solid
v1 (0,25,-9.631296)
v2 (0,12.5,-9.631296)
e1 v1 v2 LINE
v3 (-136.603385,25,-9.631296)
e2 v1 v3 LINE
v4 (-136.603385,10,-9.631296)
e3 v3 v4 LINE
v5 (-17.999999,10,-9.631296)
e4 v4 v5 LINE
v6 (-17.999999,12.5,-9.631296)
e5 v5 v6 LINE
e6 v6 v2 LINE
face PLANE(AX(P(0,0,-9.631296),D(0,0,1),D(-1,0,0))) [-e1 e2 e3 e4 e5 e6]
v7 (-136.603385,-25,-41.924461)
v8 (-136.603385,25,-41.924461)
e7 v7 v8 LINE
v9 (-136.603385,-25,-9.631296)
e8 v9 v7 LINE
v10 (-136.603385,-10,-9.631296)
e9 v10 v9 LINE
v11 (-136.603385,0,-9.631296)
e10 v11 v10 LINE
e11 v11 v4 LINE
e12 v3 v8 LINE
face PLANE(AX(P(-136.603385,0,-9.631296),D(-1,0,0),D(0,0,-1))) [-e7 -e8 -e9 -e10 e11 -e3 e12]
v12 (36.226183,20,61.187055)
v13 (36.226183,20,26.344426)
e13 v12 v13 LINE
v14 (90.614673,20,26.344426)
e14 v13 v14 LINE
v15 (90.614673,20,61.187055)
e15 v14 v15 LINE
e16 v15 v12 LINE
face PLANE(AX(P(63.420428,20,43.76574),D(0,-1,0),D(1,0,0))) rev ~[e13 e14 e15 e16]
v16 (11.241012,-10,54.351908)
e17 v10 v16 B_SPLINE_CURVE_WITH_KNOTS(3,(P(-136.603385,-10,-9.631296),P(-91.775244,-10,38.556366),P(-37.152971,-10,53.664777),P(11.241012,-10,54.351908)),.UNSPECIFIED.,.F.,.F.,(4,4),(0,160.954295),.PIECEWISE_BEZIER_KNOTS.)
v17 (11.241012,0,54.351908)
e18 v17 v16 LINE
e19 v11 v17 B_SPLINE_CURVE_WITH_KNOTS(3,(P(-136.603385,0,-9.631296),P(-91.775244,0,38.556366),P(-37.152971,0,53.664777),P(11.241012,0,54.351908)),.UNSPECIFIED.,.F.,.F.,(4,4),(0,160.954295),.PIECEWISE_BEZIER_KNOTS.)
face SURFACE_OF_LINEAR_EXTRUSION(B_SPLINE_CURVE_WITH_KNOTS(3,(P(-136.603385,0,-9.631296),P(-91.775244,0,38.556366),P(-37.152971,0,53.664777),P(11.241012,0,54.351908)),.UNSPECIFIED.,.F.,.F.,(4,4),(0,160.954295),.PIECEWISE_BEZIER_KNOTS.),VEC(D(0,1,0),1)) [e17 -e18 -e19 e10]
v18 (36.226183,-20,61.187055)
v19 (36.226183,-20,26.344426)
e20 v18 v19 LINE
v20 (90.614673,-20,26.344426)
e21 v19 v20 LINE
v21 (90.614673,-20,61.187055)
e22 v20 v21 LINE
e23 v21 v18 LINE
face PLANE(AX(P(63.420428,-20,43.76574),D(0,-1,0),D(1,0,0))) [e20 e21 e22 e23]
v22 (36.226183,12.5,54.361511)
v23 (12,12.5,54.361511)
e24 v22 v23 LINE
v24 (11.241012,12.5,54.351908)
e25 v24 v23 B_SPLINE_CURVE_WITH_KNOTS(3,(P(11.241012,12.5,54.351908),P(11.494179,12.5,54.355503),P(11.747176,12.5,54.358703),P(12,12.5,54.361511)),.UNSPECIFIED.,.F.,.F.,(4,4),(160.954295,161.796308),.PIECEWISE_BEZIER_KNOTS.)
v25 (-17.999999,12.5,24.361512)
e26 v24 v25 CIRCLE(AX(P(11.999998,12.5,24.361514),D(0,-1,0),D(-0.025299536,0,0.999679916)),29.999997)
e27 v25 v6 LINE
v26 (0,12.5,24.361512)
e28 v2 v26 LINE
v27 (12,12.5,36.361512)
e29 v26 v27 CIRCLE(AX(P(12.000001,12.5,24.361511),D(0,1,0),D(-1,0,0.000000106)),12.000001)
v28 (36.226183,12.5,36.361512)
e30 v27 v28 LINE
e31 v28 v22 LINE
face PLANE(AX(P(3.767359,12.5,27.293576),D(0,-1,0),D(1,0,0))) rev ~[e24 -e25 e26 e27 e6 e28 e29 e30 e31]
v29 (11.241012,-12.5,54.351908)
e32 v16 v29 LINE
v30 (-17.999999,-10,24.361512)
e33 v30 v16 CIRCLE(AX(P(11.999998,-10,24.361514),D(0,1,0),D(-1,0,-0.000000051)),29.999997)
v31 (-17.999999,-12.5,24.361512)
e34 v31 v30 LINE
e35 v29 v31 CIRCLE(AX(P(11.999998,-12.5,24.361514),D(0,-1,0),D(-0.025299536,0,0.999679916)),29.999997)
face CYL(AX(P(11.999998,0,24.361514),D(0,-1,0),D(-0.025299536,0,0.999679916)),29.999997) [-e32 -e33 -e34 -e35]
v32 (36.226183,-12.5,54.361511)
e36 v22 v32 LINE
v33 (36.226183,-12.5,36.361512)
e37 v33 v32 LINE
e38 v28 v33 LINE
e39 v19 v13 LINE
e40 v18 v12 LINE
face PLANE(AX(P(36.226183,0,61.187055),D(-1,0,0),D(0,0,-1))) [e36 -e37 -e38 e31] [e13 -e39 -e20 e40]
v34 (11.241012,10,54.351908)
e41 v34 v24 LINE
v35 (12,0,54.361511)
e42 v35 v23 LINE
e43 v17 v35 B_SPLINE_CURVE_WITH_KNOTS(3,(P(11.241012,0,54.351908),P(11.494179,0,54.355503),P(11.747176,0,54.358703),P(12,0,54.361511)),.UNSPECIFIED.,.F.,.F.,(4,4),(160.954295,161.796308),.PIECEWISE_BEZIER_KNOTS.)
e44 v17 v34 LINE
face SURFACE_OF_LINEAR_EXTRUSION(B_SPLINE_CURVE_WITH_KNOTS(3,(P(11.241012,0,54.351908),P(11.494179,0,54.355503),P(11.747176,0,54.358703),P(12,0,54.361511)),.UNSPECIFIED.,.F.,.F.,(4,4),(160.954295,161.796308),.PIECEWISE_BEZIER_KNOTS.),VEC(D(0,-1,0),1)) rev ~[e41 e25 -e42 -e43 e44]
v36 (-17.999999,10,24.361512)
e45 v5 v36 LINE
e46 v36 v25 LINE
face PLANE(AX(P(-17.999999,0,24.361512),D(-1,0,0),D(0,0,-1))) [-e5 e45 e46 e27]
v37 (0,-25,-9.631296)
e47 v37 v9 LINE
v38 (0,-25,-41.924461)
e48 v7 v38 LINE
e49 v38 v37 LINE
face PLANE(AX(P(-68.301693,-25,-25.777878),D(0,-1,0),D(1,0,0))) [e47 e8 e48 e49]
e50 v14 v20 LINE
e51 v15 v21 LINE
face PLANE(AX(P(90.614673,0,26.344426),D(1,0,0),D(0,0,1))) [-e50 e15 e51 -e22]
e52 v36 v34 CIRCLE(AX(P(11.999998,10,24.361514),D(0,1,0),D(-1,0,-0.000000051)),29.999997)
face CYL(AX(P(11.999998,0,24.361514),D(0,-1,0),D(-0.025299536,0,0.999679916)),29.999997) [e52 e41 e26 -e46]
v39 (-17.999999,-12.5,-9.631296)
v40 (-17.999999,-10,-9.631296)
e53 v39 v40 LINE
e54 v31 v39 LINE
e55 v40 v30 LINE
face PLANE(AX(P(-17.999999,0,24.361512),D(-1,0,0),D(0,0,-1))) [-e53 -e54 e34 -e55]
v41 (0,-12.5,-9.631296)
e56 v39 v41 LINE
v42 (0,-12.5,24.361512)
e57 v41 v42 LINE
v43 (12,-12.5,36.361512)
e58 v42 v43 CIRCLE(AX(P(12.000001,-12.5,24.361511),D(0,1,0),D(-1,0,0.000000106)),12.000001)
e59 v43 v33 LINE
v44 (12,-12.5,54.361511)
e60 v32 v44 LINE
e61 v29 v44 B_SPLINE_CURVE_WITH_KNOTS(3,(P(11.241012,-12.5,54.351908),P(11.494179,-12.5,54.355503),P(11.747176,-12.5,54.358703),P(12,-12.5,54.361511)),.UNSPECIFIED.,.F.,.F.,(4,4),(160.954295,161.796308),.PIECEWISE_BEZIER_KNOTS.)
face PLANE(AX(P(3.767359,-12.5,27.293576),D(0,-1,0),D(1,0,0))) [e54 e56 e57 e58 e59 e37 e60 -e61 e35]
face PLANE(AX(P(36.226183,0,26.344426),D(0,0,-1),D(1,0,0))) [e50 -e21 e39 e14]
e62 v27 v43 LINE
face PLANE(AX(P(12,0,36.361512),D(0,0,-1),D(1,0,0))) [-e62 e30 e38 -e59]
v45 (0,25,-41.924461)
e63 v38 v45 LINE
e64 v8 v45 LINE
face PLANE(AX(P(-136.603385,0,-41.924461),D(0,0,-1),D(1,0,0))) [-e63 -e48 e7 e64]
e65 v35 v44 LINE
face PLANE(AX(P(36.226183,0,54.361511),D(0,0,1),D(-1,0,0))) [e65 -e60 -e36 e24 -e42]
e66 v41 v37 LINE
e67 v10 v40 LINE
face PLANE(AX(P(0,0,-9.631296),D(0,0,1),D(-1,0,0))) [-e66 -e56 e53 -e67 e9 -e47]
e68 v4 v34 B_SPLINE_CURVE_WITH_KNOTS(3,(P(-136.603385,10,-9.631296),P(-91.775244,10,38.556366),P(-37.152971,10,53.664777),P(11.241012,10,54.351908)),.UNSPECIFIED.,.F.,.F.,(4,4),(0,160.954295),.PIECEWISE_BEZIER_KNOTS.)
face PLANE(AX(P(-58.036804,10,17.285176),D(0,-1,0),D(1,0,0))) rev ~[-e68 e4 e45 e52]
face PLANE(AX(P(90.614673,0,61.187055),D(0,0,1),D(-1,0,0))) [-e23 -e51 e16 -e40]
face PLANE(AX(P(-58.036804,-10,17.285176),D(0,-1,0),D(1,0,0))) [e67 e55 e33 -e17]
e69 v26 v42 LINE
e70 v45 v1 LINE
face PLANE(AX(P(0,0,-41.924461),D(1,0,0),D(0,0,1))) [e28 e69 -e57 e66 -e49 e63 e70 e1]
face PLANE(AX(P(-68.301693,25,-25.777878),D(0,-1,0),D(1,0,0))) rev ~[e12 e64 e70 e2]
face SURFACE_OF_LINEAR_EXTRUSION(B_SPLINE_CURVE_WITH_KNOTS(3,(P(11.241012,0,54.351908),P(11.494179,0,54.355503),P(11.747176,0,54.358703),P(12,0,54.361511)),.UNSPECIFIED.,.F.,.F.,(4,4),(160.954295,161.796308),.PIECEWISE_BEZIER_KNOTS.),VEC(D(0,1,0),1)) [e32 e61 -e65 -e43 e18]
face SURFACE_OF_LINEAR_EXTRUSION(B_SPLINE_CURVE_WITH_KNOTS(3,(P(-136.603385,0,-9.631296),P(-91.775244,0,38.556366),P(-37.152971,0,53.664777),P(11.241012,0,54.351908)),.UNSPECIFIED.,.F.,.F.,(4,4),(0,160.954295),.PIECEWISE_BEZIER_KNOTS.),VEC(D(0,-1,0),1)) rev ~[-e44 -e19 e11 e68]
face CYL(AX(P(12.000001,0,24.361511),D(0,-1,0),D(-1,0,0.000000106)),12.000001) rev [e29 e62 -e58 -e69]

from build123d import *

# Parameters (mm, degrees)
F1_DEPTH = 25
F2_DEPTH = 10
F3_DEPTH = 12.5
F4_DEPTH = 20


with BuildPart() as f1:
    # F0 (on Front) → F1 (new body, symmetric)
    with BuildSketch(Plane.XZ):
        Polygon((0, -41.924461), (0, -9.631296), (-17.999999, -9.631296), (-136.603385, -9.631296), (-136.603385, -41.924461), align=None)
    extrude(amount=F1_DEPTH, both=True)

    # F0 (on Front) → F2 (join, symmetric)
    with BuildSketch(Plane.XZ):
        with BuildLine():
            Line((-136.603385, -9.631296), (-17.999999, -9.631296))
            Line((-17.999999, -9.631296), (-17.999999, 24.361512))
            ThreePointArc((-17.999999, 24.361512), (-9.47987, 45.304653), (11.241012, 54.351908))
            add(Edge.make_bspline(
                [(-136.603385, -9.631296), (-91.775244, 38.556366), (-37.152971, 53.664777), (11.241012, 54.351908)],
                knots=[0, 0, 0, 0, 160.954295, 160.954295, 160.954295, 160.954295], degree=3))
        make_face()
    extrude(amount=F2_DEPTH, both=True)

    # F0 (on Front) → F3 (join, symmetric)
    with BuildSketch(Plane.XZ):
        with BuildLine():
            Line((-17.999999, -9.631296), (0, -9.631296))
            Line((0, -9.631296), (0, 24.361512))
            ThreePointArc((0, 24.361512), (3.514719, 32.846793), (12, 36.361512))
            Line((12, 36.361512), (36.226183, 36.361512))
            Line((36.226183, 36.361512), (36.226183, 54.361511))
            Line((36.226183, 54.361511), (12, 54.361511))
            add(Edge.make_bspline(
                [(11.241012, 54.351908), (11.494179, 54.355503), (11.747176, 54.358703), (12, 54.361511)],
                knots=[160.954295, 160.954295, 160.954295, 160.954295, 161.796308, 161.796308, 161.796308, 161.796308], degree=3))
            ThreePointArc((11.241012, 54.351908), (-9.47987, 45.304653), (-17.999999, 24.361512))
            Line((-17.999999, 24.361512), (-17.999999, -9.631296))
        make_face()
    extrude(amount=F3_DEPTH, both=True)

    # F0 (on Front) → F4 (join, symmetric)
    with BuildSketch(Plane.XZ):
        Polygon((36.226183, 54.361511), (36.226183, 36.361512), (36.226183, 26.344426), (90.614673, 26.344426), (90.614673, 61.187055), (36.226183, 61.187055), align=None)
    extrude(amount=F4_DEPTH, both=True)


solid = f1.part
